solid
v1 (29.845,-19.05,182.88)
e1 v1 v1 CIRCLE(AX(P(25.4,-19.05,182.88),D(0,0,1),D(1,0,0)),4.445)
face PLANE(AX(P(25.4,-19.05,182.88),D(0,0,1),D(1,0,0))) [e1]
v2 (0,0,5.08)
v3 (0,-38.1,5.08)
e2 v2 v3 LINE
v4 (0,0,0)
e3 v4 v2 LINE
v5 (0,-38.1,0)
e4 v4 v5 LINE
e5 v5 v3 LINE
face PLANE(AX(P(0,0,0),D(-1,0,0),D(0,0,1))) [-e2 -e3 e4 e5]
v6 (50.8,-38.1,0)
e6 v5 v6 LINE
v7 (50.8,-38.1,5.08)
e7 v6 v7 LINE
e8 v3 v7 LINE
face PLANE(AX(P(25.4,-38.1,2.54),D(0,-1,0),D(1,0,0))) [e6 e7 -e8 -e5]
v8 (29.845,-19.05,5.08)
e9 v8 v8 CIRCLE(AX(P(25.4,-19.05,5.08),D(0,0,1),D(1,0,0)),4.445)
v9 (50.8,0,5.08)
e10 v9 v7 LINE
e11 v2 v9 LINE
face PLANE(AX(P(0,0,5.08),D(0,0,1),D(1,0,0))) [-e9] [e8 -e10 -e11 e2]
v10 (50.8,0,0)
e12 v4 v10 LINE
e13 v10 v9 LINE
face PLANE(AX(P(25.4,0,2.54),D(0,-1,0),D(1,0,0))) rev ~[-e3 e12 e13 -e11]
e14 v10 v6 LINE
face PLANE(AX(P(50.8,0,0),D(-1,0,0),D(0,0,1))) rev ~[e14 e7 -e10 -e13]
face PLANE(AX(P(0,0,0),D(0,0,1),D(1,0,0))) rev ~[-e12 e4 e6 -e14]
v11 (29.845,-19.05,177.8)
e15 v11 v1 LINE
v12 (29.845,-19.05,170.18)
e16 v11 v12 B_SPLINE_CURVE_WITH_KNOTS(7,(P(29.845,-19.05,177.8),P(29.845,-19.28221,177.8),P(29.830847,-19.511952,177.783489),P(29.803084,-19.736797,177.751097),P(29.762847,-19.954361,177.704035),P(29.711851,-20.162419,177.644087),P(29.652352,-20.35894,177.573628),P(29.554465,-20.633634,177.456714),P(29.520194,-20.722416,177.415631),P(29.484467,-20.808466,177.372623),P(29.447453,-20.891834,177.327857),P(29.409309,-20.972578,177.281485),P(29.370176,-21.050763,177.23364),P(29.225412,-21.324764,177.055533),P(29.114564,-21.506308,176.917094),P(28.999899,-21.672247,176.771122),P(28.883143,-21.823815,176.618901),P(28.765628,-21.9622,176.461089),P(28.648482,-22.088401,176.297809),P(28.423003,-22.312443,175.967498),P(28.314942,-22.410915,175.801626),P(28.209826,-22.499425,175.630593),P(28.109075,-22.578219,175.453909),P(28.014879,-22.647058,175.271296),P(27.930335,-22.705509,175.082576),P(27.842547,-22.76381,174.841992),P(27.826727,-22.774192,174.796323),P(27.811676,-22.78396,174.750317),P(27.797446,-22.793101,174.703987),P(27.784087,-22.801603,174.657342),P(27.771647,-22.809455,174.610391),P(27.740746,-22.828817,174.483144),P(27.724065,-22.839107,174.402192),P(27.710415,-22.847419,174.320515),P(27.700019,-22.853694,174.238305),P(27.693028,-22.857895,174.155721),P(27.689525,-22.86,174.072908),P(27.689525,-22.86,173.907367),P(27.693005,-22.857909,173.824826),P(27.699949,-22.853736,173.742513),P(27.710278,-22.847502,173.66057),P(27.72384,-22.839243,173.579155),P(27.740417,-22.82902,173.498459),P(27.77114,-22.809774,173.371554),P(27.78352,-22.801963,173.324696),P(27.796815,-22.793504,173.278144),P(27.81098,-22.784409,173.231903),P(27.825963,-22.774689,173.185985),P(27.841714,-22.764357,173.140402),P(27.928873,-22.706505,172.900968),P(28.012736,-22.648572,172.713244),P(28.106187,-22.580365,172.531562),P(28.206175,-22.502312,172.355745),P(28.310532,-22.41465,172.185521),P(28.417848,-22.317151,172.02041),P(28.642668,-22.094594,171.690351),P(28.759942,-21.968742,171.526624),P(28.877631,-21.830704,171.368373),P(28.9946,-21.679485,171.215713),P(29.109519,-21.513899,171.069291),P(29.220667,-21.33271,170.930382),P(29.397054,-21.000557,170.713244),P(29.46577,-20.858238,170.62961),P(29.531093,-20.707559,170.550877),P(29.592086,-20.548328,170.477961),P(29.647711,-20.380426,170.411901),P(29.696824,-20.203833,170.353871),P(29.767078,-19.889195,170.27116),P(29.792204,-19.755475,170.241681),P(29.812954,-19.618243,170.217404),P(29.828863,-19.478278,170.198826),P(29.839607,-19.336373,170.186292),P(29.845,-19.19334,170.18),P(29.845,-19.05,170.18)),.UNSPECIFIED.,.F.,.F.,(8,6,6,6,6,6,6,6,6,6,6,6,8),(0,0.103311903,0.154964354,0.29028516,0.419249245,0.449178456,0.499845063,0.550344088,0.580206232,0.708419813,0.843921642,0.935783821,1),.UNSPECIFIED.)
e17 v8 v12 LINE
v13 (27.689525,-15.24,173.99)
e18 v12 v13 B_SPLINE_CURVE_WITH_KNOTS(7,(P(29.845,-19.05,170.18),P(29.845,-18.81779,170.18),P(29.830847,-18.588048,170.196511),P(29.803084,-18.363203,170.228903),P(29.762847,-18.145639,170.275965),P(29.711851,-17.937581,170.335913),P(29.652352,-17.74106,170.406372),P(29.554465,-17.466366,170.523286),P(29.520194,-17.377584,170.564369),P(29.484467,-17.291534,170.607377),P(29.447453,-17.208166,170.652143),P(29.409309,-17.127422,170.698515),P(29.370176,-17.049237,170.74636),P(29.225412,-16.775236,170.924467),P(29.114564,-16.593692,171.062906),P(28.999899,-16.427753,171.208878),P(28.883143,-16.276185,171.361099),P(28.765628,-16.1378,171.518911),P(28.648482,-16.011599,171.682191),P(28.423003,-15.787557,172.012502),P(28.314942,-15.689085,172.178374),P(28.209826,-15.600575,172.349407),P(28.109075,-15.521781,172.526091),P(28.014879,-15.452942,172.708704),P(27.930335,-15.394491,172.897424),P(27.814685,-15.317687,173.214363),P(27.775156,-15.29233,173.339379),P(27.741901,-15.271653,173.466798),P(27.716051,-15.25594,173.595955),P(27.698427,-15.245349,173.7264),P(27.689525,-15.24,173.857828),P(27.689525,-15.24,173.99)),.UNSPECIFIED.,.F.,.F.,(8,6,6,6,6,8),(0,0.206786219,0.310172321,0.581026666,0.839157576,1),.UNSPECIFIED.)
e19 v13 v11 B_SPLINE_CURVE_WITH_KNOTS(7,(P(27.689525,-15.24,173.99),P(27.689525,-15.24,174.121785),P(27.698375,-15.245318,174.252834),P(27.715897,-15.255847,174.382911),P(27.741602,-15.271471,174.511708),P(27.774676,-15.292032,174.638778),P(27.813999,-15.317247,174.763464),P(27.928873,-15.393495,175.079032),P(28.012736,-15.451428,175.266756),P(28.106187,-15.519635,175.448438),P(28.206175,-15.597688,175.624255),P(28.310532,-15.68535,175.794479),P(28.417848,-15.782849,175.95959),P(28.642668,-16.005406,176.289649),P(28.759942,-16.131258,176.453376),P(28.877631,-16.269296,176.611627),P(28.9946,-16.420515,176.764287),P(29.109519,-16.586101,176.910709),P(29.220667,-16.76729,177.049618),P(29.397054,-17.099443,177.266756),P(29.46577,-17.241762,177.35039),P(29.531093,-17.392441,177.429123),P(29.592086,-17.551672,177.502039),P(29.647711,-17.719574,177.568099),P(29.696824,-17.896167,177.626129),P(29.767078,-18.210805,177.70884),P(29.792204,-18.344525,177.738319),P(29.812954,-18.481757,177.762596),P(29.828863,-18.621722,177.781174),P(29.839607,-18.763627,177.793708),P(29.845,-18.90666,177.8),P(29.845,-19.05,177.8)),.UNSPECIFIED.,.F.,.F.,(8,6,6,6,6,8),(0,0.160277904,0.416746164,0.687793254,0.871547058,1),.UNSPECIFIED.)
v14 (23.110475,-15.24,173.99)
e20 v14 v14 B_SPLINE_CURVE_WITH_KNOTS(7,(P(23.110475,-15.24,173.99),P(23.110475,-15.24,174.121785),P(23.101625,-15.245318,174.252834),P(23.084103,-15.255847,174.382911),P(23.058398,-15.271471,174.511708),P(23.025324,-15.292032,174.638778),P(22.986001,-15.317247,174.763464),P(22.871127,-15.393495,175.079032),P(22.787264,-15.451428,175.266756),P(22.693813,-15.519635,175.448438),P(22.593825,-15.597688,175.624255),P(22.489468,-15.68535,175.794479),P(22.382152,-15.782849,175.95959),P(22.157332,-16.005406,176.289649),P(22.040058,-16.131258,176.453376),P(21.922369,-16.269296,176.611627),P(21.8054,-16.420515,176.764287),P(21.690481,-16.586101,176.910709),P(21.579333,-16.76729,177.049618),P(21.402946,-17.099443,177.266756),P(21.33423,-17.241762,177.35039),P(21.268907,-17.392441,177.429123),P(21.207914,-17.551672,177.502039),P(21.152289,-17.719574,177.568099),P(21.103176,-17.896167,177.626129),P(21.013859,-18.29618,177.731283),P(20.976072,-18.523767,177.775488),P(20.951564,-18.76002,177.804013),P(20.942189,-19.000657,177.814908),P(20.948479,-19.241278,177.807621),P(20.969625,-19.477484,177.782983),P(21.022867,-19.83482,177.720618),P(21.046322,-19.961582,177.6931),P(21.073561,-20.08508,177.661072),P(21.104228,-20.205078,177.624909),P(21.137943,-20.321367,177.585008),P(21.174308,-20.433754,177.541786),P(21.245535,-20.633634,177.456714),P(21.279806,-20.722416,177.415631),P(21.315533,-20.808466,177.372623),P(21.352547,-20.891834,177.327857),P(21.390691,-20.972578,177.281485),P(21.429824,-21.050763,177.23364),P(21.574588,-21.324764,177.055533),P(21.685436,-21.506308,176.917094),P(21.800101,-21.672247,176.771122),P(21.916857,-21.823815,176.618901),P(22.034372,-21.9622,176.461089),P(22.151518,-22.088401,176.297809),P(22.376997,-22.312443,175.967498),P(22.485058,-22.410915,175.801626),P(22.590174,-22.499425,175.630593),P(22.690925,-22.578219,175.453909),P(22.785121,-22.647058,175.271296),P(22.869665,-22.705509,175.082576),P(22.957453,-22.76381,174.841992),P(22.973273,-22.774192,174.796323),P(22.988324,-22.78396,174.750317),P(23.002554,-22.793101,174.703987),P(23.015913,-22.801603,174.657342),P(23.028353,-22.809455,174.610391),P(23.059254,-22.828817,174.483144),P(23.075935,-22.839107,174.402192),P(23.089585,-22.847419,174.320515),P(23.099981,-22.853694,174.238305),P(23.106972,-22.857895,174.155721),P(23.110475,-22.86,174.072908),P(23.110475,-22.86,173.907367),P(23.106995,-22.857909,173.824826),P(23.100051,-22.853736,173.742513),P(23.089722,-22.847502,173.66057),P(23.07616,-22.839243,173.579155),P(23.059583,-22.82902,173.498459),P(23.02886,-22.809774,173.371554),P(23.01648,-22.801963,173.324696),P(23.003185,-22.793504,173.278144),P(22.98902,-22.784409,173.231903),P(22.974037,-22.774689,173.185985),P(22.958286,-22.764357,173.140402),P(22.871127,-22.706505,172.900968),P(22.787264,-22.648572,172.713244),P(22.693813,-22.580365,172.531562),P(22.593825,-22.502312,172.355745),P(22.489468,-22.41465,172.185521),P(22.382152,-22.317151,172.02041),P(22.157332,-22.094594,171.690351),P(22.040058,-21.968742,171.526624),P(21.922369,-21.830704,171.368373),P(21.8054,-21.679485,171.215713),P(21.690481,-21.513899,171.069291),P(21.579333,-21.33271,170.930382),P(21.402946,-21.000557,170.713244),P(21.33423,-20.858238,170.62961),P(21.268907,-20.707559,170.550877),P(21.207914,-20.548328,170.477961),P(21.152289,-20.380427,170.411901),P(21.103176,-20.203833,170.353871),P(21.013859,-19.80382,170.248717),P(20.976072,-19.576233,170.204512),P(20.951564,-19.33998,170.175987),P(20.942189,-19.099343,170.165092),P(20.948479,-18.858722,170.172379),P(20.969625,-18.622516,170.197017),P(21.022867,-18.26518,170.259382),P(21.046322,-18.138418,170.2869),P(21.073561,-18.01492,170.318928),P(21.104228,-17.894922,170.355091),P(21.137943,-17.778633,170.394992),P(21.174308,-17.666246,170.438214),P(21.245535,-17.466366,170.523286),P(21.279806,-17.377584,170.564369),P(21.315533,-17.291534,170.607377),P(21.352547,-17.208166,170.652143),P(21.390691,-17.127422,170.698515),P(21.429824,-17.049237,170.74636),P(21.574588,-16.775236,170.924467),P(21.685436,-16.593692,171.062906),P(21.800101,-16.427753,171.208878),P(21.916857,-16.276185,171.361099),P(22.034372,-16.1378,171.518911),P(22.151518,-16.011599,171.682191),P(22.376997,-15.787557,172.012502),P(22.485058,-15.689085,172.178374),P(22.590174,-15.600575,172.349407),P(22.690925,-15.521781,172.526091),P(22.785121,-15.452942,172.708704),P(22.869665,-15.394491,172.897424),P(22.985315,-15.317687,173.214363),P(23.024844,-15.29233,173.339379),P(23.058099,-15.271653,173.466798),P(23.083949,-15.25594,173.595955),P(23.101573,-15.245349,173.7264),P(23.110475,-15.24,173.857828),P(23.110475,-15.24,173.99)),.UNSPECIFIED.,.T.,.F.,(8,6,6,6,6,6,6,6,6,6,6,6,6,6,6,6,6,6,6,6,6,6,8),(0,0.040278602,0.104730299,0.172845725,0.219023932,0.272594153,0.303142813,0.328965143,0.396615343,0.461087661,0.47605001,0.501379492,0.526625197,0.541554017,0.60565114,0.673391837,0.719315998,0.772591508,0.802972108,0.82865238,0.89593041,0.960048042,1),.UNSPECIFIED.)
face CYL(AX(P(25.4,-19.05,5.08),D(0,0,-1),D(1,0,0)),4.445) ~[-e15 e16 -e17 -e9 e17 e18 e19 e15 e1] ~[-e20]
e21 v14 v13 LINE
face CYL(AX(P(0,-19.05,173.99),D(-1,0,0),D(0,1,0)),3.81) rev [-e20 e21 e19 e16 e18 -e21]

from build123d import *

# Parameters (mm, degrees)
F0_W     = 50.8
F0_H     = 5.08
F1_DEPTH = 38.1
F2_R     = 4.445
F3_DEPTH = 177.8
F4_R     = 3.81
F5_DEPTH = 50.673


with BuildPart() as f1:
    # F0 (on Front) → F1 (new body)
    with BuildSketch(Plane.XZ):
        with Locations((25.4, 2.54)):
            Rectangle(F0_W, F0_H)
    extrude(amount=F1_DEPTH)

    # F2 (on face) → F3 (join)
    with BuildSketch(Plane.XY.offset(5.08)):
        with Locations((25.4, -19.05)):
            Circle(F2_R)
    extrude(amount=F3_DEPTH)

    # F4 (on Right) → F5 (cut)
    with BuildSketch(Plane.YZ):
        with Locations((-19.05, 173.99)):
            Circle(F4_R)
    extrude(amount=F5_DEPTH, mode=Mode.SUBTRACT)


solid = f1.part
